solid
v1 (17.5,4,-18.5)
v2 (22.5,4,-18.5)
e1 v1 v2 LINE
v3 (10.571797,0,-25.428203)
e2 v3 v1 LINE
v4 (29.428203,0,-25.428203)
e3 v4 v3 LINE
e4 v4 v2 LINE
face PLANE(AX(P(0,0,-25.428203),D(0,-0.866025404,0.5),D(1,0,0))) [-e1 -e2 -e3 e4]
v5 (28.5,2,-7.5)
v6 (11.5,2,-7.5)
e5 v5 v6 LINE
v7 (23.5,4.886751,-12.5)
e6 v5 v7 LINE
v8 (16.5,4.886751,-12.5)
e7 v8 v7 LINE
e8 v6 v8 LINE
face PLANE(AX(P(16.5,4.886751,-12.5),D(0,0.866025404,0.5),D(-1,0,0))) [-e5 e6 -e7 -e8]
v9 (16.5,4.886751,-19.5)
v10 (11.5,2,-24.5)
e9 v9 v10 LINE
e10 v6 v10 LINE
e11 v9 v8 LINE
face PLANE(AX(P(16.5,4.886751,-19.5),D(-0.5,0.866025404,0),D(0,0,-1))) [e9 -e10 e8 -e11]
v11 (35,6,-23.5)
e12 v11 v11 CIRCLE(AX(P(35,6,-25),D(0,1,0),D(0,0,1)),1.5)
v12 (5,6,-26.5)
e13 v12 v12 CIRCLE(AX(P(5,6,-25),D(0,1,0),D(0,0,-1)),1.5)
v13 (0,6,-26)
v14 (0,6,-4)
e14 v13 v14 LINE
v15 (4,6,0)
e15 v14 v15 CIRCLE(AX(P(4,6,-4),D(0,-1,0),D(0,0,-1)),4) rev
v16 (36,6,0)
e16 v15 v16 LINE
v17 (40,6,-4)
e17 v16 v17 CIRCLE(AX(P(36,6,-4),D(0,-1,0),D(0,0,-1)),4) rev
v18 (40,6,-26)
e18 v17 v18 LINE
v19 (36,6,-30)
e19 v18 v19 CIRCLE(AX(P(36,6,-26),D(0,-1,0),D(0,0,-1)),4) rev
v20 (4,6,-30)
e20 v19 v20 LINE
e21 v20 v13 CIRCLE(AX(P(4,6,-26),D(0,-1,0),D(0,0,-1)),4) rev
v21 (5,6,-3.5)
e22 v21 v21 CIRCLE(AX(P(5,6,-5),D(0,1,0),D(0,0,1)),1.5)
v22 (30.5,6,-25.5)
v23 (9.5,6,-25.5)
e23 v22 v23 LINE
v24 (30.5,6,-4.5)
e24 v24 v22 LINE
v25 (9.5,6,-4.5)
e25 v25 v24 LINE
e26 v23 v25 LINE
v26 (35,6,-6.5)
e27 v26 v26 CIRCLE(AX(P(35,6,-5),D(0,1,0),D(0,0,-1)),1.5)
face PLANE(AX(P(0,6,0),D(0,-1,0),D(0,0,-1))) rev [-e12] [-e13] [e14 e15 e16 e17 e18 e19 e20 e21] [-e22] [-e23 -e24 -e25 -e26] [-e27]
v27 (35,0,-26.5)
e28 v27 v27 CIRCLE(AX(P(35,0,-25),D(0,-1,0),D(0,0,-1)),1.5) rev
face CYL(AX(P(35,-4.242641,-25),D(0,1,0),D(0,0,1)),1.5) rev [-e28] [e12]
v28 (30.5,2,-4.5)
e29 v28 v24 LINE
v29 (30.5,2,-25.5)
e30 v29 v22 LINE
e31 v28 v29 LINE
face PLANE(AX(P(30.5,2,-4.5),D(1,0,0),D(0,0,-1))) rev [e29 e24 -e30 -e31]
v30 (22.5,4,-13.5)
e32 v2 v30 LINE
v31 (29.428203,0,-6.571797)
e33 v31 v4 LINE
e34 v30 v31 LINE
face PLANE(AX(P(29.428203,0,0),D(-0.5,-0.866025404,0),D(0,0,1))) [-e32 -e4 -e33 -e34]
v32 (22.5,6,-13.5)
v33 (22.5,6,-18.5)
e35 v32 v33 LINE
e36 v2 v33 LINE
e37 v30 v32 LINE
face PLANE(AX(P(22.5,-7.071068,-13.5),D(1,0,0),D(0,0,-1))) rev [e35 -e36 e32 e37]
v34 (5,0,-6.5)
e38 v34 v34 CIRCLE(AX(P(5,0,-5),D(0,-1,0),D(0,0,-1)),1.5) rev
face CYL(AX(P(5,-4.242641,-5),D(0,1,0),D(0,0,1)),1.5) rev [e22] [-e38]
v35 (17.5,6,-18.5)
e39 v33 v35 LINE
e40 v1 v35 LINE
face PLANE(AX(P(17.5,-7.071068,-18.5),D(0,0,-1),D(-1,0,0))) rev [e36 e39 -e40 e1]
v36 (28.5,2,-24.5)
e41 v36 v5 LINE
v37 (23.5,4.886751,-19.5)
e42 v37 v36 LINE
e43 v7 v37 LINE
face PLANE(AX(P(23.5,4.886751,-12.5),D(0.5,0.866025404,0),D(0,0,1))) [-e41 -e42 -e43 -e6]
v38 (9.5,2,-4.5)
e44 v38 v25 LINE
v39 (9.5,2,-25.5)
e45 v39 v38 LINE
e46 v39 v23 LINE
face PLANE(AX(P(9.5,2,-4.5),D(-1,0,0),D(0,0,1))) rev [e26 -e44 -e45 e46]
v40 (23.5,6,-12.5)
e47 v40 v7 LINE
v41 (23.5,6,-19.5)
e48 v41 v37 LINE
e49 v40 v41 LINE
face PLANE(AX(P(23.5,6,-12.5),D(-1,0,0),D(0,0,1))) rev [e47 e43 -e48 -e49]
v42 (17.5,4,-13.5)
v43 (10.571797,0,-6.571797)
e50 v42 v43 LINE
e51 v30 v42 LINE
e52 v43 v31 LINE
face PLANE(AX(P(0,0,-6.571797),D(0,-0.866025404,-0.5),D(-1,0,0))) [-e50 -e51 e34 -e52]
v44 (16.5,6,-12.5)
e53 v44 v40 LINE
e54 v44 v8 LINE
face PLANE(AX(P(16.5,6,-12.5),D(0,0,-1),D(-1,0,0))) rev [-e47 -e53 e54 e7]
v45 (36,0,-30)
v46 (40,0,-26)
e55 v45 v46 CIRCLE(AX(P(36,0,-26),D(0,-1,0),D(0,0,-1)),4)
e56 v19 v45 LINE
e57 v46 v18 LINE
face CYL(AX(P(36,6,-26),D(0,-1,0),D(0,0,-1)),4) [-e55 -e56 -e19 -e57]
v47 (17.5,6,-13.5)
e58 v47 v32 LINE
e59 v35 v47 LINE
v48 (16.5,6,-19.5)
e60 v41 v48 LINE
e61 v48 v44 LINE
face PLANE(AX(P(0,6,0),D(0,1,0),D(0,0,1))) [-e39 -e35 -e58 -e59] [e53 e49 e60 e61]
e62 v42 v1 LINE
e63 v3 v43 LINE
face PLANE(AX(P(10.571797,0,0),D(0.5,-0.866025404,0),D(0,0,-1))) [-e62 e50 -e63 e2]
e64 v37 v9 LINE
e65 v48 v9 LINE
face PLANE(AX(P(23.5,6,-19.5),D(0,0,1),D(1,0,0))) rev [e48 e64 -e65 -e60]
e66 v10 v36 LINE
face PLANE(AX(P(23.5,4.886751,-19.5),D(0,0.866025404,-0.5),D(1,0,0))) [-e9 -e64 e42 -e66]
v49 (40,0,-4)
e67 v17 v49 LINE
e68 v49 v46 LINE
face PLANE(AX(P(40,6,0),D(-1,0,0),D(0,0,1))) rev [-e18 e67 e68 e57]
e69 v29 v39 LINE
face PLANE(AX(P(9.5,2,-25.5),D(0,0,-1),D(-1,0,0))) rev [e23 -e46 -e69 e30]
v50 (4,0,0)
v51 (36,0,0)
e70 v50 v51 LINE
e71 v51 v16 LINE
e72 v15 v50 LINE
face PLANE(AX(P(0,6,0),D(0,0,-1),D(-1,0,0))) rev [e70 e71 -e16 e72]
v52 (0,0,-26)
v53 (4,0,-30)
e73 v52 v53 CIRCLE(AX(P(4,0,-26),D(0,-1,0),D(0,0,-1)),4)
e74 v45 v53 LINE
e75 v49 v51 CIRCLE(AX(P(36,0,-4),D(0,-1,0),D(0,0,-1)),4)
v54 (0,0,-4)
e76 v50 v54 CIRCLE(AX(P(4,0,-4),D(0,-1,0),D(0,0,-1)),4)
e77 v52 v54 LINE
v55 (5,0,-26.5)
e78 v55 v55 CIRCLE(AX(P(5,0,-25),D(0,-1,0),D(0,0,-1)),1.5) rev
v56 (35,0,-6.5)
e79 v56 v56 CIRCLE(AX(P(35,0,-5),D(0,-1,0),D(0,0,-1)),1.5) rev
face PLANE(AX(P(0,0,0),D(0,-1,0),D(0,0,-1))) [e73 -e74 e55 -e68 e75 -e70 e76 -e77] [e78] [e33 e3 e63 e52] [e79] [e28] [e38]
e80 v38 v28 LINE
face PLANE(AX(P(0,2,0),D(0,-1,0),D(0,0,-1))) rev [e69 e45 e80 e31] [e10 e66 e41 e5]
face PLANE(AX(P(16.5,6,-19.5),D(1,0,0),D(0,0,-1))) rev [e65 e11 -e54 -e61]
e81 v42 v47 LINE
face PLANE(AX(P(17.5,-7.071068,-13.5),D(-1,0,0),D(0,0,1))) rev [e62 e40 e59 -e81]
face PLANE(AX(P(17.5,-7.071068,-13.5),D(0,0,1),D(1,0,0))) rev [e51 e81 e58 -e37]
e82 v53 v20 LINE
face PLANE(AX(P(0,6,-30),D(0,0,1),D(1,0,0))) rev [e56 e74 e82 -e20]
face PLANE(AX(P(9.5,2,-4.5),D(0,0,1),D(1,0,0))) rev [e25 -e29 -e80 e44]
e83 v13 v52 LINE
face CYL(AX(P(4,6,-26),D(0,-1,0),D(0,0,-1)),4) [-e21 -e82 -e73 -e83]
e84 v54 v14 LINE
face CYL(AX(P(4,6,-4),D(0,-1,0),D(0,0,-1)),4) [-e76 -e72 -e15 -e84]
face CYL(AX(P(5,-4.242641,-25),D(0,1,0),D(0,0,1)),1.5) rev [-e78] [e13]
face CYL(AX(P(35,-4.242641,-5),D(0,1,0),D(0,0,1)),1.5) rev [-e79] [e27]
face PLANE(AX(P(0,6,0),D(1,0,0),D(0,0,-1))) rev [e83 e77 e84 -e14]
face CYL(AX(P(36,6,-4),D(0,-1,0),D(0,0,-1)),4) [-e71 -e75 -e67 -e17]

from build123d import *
from OCP.BRepFilletAPI import BRepFilletAPI_MakeChamfer

# Parameters (mm, degrees)
SKETCH1_W           = 40
SKETCH1_H           = 30
BOSS_EXTRUDE1_DEPTH = 6
SKETCH2_R           = 1.5
CUT_EXTRUDE1_DEPTH  = 6
FILLET1_R           = 4
SKETCH3_W           = 21
SKETCH3_H           = 21
CUT_EXTRUDE2_DEPTH  = 4
SKETCH6_W           = 5
SKETCH6_H           = 5
CUT_EXTRUDE3_DEPTH  = 2
SKETCH7_W           = 7
SKETCH7_H           = 7
SKETCH7_W_2         = 5
SKETCH7_H_2         = 5
BOSS_EXTRUDE2_DEPTH = 4
CHAMFER1_SIZE       = 4
CHAMFER1_SIZE2      = 6.92820323
CHAMFER2_SIZE       = 5
CHAMFER2_SIZE2      = 2.886751346


with BuildPart() as part:
    # Sketch1 → Boss-Extrude1 (new body)
    with BuildSketch(Plane(origin=(0, 0, 0), x_dir=(1, 0, 0), z_dir=(0, 1, 0))):
        with Locations((20, 15)):
            Rectangle(SKETCH1_W, SKETCH1_H)
    extrude(amount=BOSS_EXTRUDE1_DEPTH)

    # Sketch2 → Cut-Extrude1 (cut)
    with BuildSketch(Plane(origin=(0, 6, 0), x_dir=(1, 0, 0), z_dir=(0, 1, 0))):
        with Locations(Location((5, 5, 0), (0, 0, 270))):
            Circle(SKETCH2_R)
        with Locations(Location((5, 25, 0), (0, 0, 90))):
            Circle(SKETCH2_R)
        with Locations(Location((35, 5, 0), (0, 0, 90))):
            Circle(SKETCH2_R)
        with Locations(Location((35, 25, 0), (0, 0, 270))):
            Circle(SKETCH2_R)
    extrude(amount=-CUT_EXTRUDE1_DEPTH, mode=Mode.SUBTRACT)

    # Fillet1
    fillet1_edges = [part.edges().sort_by_distance(p)[0] for p in [
        (0, 3, -30),
        (40, 3, -30),
        (40, 3, 0),
        (0, 3, 0),
    ]]
    fillet(fillet1_edges, radius=FILLET1_R)

    # Sketch3 → Cut-Extrude2 (cut)
    with BuildSketch(Plane(origin=(0, 6, 0), x_dir=(1, 0, 0), z_dir=(0, 1, 0))):
        with Locations((20, 15)):
            Rectangle(SKETCH3_W, SKETCH3_H)
    extrude(amount=-CUT_EXTRUDE2_DEPTH, mode=Mode.SUBTRACT)

    # Sketch6 → Cut-Extrude3 (cut)
    with BuildSketch(Plane(origin=(0, 2, 0), x_dir=(1, 0, 0), z_dir=(0, 1, 0))):
        with Locations((20, 16)):
            Rectangle(SKETCH6_W, SKETCH6_H)
    extrude(amount=-CUT_EXTRUDE3_DEPTH, mode=Mode.SUBTRACT)

    # Sketch7 → Boss-Extrude2 (add)
    with BuildSketch(Plane(origin=(0, 2, 0), x_dir=(1, 0, 0), z_dir=(0, 1, 0))):
        with Locations((20, 16)):
            Rectangle(SKETCH7_W, SKETCH7_H)
        with Locations((20, 16)):
            Rectangle(SKETCH7_W_2, SKETCH7_H_2, mode=Mode.SUBTRACT)
    extrude(amount=BOSS_EXTRUDE2_DEPTH)

    # Chamfer1: one chamfer whose edges measure the first distance from different faces: ONE call of the kernel's chamfer builder (chamfer() names one face for all edges)
    chamfer1_edges_1 = [part.edges().sort_by_distance(p)[0] for p in [
        (20, 0, -13.5),
    ]]
    chamfer1_side_1 = [part.faces().sort_by_distance(p)[0] for p in [
        (20, 3, -13.5),
    ]]
    chamfer1_edges_2 = [part.edges().sort_by_distance(p)[0] for p in [
        (22.5, 0, -16),
    ]]
    chamfer1_side_2 = [part.faces().sort_by_distance(p)[0] for p in [
        (22.5, 3, -16),
    ]]
    chamfer1_edges_3 = [part.edges().sort_by_distance(p)[0] for p in [
        (20, 0, -18.5),
    ]]
    chamfer1_side_3 = [part.faces().sort_by_distance(p)[0] for p in [
        (20, 3, -18.5),
    ]]
    chamfer1_edges_4 = [part.edges().sort_by_distance(p)[0] for p in [
        (17.5, 0, -16),
    ]]
    chamfer1_side_4 = [part.faces().sort_by_distance(p)[0] for p in [
        (17.5, 3, -16),
    ]]
    chamfer1 = BRepFilletAPI_MakeChamfer(part.part.solid().wrapped)
    for e in chamfer1_edges_1:
        chamfer1.Add(CHAMFER1_SIZE, CHAMFER1_SIZE2, e.wrapped, chamfer1_side_1[0].wrapped)  # the first distance lies on this face
    for e in chamfer1_edges_2:
        chamfer1.Add(CHAMFER1_SIZE, CHAMFER1_SIZE2, e.wrapped, chamfer1_side_2[0].wrapped)  # the first distance lies on this face
    for e in chamfer1_edges_3:
        chamfer1.Add(CHAMFER1_SIZE, CHAMFER1_SIZE2, e.wrapped, chamfer1_side_3[0].wrapped)  # the first distance lies on this face
    for e in chamfer1_edges_4:
        chamfer1.Add(CHAMFER1_SIZE, CHAMFER1_SIZE2, e.wrapped, chamfer1_side_4[0].wrapped)  # the first distance lies on this face
    add(Compound.cast(chamfer1.Shape()), mode=Mode.REPLACE)

    # Chamfer2
    chamfer2_edges = [part.edges().sort_by_distance(p)[0] for p in [
        (16.5, 2, -16),
        (20, 2, -12.5),
        (23.5, 2, -16),
        (20, 2, -19.5),
    ]]
    chamfer2_side = [part.faces().sort_by_distance(p)[0] for p in [
        (20, 2, -4.796984848),
    ]]
    chamfer(chamfer2_edges, length=CHAMFER2_SIZE, length2=CHAMFER2_SIZE2, reference=chamfer2_side[0])


solid = part.part
